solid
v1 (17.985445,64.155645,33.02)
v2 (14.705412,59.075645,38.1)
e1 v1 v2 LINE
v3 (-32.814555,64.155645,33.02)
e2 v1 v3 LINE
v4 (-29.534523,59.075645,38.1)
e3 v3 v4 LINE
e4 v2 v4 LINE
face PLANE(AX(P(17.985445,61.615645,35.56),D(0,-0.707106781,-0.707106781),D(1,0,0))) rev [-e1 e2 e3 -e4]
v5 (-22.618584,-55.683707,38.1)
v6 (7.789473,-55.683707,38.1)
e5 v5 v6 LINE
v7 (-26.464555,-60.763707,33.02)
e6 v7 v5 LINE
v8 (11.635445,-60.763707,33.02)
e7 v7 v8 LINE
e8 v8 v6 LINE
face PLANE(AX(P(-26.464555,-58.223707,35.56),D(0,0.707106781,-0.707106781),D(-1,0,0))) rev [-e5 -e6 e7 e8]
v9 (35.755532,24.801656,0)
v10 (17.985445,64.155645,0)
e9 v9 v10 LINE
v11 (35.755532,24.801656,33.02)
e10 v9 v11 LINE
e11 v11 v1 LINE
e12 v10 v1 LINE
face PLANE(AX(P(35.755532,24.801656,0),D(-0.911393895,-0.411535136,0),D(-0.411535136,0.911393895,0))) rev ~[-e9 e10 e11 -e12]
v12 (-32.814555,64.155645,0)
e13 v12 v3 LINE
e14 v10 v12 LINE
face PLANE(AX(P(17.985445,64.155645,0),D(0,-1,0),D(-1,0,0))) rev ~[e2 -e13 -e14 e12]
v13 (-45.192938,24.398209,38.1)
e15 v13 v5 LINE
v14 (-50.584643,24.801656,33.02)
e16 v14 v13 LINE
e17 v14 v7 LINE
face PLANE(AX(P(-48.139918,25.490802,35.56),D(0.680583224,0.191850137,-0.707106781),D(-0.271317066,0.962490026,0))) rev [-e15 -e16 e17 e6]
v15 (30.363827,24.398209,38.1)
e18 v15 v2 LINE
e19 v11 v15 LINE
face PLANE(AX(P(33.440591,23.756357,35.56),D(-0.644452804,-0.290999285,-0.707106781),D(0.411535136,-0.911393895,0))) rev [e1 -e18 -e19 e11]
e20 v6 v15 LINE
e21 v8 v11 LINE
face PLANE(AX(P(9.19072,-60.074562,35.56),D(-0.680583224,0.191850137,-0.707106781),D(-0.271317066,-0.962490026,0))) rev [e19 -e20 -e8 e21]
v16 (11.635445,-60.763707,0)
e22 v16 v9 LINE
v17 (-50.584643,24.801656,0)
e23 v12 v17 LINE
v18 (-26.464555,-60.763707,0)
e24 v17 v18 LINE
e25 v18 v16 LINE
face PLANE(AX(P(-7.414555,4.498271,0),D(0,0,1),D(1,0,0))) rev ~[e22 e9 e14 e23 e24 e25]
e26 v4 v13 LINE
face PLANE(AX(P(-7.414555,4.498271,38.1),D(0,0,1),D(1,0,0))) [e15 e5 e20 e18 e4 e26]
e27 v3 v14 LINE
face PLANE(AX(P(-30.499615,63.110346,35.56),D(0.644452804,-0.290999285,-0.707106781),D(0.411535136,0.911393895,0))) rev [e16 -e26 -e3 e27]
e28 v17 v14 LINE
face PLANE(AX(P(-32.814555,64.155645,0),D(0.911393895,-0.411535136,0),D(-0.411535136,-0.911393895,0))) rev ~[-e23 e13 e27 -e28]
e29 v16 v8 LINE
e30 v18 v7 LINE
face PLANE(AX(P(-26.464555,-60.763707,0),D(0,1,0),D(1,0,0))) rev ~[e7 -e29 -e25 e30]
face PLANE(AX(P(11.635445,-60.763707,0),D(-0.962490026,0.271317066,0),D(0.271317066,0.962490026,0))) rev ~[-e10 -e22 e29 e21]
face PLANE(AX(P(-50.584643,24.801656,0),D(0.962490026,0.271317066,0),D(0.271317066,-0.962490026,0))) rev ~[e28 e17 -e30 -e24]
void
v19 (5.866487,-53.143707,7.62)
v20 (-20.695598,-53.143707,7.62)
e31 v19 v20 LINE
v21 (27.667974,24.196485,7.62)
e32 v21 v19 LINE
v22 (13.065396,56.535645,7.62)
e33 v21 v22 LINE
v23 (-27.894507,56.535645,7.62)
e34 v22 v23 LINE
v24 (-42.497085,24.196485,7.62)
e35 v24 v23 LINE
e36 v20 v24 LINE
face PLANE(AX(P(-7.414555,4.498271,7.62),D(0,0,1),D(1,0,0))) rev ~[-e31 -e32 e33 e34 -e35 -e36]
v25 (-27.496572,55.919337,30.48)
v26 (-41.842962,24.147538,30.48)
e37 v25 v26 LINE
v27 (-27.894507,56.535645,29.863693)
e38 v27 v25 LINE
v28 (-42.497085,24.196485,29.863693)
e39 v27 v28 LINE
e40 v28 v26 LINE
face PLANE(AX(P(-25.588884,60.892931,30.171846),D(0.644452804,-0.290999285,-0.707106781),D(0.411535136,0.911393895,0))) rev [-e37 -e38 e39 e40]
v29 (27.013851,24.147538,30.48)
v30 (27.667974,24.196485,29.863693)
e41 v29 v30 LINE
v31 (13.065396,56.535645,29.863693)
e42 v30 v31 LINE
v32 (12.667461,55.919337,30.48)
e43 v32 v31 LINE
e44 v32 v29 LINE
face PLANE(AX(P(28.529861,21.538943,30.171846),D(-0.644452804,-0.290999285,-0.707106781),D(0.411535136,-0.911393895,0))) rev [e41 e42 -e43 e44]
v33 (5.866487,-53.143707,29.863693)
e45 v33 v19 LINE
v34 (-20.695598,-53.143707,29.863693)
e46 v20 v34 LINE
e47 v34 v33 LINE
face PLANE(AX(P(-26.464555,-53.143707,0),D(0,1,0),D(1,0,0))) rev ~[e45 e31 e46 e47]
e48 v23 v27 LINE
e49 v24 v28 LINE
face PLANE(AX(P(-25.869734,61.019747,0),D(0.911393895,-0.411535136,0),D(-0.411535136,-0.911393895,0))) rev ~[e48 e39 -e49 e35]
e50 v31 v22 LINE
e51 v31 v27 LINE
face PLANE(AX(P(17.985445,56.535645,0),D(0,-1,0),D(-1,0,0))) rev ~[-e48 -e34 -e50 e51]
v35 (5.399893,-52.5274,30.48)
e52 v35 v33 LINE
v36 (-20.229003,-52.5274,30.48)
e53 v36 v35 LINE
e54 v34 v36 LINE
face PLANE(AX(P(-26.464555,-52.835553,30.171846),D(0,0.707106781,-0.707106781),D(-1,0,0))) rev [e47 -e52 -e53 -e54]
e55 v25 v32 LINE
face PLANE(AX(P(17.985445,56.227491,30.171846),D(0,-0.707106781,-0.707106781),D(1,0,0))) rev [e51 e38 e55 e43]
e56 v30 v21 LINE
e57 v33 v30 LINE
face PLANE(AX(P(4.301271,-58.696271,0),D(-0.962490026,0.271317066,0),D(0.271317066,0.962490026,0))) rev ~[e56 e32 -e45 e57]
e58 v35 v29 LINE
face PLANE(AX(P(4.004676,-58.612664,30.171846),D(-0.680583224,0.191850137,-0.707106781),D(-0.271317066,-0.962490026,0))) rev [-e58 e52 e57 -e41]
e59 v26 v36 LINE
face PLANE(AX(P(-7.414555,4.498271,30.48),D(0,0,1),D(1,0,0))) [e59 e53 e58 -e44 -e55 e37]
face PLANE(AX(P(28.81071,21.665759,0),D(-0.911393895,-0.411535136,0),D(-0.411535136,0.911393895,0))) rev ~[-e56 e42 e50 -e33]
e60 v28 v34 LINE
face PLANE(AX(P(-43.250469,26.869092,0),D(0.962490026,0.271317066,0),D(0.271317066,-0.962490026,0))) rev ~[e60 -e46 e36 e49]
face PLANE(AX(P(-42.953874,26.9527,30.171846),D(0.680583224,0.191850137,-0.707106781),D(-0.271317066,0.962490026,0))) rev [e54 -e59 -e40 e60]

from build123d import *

# Parameters (mm, degrees)
F1_DEPTH = 38.1
F2_SIZE  = 5.08
F3_T     = -7.62


with BuildPart() as f1:
    # F0 (on Top) → F1 (new body)
    with BuildSketch(Plane.XY):
        Polygon((17.9854446539, 64.1556447676), (-32.8145553461, 64.1556447676), (-50.5846425152, 24.8016563801), (-26.4645553461, -60.7637069099), (11.6354446539, -60.7637069099), (35.7555318229, 24.8016563801), align=None)
    extrude(amount=F1_DEPTH)

    # F2
    f2_edges = [f1.edges().sort_by_distance(p)[0] for p in [
        (-41.699599, 44.478651, 38.1),
        (-7.414555, 64.155645, 38.1),
        (26.870488, 44.478651, 38.1),
        (23.695488, -17.981025, 38.1),
        (-38.524599, -17.981025, 38.1),
        (-7.414555, -60.763707, 38.1),
    ]]
    chamfer(f2_edges, length=F2_SIZE)

    # F3 (hollow: no face is removed)
    offset(amount=F3_T, kind=Kind.INTERSECTION, mode=Mode.SUBTRACT)


solid = f1.part
